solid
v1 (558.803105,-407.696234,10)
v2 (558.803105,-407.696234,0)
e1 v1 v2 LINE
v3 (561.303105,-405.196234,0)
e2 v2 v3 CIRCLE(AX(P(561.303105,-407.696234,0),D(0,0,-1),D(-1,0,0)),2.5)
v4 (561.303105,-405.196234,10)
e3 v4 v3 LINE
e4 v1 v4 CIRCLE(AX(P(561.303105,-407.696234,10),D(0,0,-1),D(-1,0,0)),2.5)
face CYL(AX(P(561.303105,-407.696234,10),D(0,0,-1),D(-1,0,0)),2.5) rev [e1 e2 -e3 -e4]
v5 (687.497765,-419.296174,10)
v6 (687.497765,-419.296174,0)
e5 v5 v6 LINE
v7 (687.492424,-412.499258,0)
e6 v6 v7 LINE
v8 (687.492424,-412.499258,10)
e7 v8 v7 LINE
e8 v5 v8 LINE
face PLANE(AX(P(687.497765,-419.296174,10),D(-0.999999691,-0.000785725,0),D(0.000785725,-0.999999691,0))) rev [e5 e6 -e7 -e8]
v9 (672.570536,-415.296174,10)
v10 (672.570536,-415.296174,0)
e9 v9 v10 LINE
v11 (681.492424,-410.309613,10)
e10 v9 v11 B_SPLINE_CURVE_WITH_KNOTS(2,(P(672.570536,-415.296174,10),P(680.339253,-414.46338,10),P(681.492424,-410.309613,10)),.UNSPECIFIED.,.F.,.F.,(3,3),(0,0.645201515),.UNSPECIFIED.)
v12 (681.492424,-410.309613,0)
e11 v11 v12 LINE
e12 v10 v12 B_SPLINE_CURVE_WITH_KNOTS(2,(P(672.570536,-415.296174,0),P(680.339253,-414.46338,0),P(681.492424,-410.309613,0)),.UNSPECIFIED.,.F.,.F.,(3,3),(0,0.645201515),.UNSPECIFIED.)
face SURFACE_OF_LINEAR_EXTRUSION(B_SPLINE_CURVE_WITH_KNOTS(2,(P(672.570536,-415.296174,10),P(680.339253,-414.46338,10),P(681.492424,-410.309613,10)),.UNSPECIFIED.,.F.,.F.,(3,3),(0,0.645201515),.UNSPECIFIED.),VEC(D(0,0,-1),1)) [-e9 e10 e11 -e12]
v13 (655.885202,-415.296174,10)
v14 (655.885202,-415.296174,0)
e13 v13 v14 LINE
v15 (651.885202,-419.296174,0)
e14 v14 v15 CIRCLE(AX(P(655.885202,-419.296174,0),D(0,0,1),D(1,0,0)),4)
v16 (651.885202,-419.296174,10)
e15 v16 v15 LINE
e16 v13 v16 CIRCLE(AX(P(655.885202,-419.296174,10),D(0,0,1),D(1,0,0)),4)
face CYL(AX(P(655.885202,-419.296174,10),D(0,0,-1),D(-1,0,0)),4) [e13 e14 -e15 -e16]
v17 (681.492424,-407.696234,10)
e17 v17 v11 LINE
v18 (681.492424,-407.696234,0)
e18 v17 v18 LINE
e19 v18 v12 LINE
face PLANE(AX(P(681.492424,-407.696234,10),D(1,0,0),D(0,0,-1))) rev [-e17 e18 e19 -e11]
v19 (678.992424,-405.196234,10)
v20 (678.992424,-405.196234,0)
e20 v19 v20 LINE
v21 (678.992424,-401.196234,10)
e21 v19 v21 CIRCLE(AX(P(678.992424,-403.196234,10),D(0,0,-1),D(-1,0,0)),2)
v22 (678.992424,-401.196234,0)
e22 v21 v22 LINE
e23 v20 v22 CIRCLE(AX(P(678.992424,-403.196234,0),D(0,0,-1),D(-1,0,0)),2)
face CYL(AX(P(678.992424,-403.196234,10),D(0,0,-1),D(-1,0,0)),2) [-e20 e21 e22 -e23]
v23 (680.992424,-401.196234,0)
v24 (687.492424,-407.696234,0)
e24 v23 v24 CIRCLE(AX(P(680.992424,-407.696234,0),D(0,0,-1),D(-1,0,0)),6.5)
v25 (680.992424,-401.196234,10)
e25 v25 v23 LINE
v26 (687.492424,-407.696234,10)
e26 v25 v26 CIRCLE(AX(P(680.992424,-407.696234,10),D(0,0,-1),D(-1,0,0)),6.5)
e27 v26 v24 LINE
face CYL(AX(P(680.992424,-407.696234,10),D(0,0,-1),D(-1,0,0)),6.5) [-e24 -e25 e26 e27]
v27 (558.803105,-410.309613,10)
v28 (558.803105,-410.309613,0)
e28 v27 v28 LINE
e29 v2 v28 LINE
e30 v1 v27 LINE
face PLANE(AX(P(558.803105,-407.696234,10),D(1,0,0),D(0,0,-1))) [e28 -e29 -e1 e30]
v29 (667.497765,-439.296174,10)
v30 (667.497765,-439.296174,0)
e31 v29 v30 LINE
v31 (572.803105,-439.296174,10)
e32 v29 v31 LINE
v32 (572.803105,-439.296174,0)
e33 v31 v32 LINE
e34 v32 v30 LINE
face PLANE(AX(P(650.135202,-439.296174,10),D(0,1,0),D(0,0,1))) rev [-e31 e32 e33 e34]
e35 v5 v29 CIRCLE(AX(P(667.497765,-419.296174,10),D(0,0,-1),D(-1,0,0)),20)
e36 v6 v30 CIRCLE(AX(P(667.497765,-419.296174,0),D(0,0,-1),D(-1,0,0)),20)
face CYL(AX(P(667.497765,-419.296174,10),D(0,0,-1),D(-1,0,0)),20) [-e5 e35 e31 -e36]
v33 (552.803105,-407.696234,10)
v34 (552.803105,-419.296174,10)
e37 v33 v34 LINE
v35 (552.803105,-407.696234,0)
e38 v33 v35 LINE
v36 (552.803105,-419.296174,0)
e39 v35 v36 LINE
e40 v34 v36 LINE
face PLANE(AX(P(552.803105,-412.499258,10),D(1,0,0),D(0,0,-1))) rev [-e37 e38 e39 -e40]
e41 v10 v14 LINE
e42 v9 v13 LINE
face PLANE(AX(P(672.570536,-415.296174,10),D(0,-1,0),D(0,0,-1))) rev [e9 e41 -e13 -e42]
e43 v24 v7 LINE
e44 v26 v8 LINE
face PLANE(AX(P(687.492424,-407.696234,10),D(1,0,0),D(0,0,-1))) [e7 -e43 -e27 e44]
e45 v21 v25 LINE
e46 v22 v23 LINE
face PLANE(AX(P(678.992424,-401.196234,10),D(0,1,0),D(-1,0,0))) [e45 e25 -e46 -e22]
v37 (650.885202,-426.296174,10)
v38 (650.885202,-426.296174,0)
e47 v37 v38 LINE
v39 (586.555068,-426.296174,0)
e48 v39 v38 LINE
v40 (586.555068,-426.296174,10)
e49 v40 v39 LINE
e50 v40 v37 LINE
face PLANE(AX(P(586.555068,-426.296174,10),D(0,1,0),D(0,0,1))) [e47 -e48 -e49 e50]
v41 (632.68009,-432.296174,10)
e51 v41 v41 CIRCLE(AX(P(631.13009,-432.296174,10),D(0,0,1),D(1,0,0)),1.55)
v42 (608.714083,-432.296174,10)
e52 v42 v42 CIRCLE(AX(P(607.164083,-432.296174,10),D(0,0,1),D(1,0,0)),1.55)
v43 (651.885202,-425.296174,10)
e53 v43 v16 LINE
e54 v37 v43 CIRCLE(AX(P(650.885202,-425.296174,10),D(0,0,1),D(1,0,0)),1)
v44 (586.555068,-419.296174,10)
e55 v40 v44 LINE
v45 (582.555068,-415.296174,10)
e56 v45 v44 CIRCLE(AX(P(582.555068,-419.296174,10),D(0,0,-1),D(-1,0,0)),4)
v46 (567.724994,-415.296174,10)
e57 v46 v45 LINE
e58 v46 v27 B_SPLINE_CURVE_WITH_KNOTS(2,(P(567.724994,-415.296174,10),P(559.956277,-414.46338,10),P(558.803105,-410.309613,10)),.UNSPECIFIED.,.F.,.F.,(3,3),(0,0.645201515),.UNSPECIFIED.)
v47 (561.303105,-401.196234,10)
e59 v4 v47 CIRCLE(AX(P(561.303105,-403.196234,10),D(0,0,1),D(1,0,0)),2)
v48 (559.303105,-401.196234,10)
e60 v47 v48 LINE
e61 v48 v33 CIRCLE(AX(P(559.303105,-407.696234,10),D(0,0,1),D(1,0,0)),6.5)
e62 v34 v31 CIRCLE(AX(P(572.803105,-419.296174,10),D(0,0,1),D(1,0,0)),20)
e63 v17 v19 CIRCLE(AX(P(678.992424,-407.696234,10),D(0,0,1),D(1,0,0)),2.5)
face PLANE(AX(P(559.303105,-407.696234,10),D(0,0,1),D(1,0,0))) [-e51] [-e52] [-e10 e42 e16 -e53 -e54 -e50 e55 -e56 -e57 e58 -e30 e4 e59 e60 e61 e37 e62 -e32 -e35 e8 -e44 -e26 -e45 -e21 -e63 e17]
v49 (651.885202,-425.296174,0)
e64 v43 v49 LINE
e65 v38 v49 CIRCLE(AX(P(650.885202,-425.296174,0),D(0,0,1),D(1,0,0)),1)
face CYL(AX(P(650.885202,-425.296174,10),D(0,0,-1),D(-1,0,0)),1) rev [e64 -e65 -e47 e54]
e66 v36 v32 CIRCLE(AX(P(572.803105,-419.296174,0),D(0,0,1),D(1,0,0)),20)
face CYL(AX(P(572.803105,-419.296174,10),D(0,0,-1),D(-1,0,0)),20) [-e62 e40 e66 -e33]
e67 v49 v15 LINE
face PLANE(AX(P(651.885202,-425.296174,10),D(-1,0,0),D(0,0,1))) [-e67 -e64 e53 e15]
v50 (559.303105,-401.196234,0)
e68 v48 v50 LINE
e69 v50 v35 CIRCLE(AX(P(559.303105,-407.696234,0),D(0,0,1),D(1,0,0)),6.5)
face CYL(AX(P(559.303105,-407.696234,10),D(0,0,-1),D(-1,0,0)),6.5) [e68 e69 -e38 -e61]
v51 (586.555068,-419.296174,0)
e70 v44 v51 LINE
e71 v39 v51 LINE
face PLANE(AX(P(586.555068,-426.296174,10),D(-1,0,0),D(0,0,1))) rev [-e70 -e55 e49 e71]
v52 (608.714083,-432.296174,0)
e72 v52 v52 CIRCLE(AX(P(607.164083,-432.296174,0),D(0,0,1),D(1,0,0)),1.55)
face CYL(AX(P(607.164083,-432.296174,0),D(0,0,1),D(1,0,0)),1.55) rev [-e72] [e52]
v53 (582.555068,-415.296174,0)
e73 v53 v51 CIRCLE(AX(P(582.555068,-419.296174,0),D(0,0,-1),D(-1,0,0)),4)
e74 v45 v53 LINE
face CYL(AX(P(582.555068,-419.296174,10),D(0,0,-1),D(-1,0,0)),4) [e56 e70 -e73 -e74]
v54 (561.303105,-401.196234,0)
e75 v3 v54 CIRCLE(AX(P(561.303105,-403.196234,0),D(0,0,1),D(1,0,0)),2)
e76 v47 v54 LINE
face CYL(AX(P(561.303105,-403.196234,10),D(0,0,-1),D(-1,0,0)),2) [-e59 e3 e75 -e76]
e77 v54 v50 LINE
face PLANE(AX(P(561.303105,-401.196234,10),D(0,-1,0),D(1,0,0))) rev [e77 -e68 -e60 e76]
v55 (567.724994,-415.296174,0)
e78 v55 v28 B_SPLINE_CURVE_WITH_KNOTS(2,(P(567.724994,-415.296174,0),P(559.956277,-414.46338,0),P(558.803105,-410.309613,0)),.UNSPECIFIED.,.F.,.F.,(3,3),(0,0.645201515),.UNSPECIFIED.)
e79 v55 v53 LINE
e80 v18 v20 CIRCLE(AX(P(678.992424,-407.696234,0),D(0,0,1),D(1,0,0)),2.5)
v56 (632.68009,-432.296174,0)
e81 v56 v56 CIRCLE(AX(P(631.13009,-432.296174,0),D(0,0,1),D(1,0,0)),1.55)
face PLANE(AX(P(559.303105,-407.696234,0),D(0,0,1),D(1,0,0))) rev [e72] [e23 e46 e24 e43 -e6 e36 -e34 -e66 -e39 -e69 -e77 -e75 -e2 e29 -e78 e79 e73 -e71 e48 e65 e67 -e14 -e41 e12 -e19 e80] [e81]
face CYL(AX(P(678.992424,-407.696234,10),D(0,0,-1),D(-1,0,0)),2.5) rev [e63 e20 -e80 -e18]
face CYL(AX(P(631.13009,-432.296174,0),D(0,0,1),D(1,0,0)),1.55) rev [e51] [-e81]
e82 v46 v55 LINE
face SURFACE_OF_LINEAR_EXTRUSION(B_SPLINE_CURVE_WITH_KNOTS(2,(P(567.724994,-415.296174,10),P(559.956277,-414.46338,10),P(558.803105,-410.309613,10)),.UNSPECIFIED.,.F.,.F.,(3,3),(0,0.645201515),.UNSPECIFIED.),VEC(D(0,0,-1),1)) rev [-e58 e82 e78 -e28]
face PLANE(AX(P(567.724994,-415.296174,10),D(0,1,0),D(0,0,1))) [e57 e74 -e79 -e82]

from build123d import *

# Parameters (mm, degrees)
DODANIE_WYCI_GNI_CIE1_DEPTH = 10
SZKIC2_R                    = 1.55
WYTNIJ_WYCI_GNI_CIE1_DEPTH  = 10


with BuildPart() as part:
    # Szkic1 → Dodanie-wyciągnięcie1 (new body)
    with BuildSketch(Plane.XY):
        with BuildLine():
            Line((650.135201584, -439.296174139), (667.497764869, -439.296174139))
            ThreePointArc((667.497764869, -439.296174139), (681.639900492, -433.438309763), (687.497764869, -419.296174139))
            Line((687.497764869, -419.296174139), (687.49242436, -412.499258381))
            Line((687.49242436, -412.499258381), (687.49242436, -407.696233576))
            ThreePointArc((687.49242436, -407.696233576), (685.588618438, -403.100039498), (680.99242436, -401.196233576))
            Line((680.99242436, -401.196233576), (678.99242436, -401.196233576))
            ThreePointArc((678.99242436, -401.196233576), (676.99242436, -403.196233576), (678.99242436, -405.196233576))
            ThreePointArc((678.99242436, -405.196233576), (680.760191313, -405.928466623), (681.49242436, -407.696233576))
            Line((681.49242436, -407.696233576), (681.49242436, -410.309613134))
            add(Edge.make_bspline(
                [(672.570535689, -415.296173961), (680.339252513, -414.463379514), (681.49242436, -410.309613134)],
                knots=[0, 0, 0, 0.645201515, 0.645201515, 0.645201515], degree=2))
            Line((672.570535689, -415.296173961), (655.885201584, -415.296173961))
            ThreePointArc((655.885201584, -415.296173961), (653.056774459, -416.467746836), (651.885201584, -419.296173961))
            Line((651.885201584, -419.296173961), (651.885201584, -425.296174139))
            ThreePointArc((651.885201584, -425.296174139), (651.592308365, -426.00328092), (650.885201584, -426.296174139))
            Line((650.885201584, -426.296174139), (647.885201584, -426.296174139))
            Line((647.885201584, -426.296174139), (586.55506807, -426.296174139))
            Line((586.55506807, -426.296174139), (586.55506807, -419.296173961))
            ThreePointArc((586.55506807, -419.296173961), (585.383495195, -416.467746836), (582.55506807, -415.296173961))
            Line((582.55506807, -415.296173961), (567.724994048, -415.296173961))
            add(Edge.make_bspline(
                [(567.724994048, -415.296173961), (559.956277225, -414.463379514), (558.803105378, -410.309613134)],
                knots=[0, 0, 0, 0.645201515, 0.645201515, 0.645201515], degree=2))
            Line((558.803105378, -410.309613134), (558.803105378, -407.696233576))
            ThreePointArc((558.803105378, -407.696233576), (559.535338425, -405.928466623), (561.303105378, -405.196233576))
            ThreePointArc((561.303105378, -405.196233576), (563.303105378, -403.196233576), (561.303105378, -401.196233576))
            Line((561.303105378, -401.196233576), (559.303105378, -401.196233576))
            ThreePointArc((559.303105378, -401.196233576), (554.7069113, -403.100039498), (552.803105378, -407.696233576))
            Line((552.803105378, -407.696233576), (552.803105378, -412.499258381))
            Line((552.803105378, -412.499258381), (552.803105378, -419.296174139))
            ThreePointArc((552.803105378, -419.296174139), (558.660969754, -433.438309763), (572.803105378, -439.296174139))
            Line((572.803105378, -439.296174139), (588.30506807, -439.296174139))
            Line((588.30506807, -439.296174139), (650.135201584, -439.296174139))
        make_face()
    extrude(amount=DODANIE_WYCI_GNI_CIE1_DEPTH)

    # Szkic2 → Wytnij-wyciągnięcie1 (cut)
    with BuildSketch(Plane.XY.offset(10)):
        with Locations((631.130089997, -432.296174368)):
            Circle(SZKIC2_R)
        with Locations((607.164083377, -432.296174368)):
            Circle(SZKIC2_R)
    extrude(amount=-WYTNIJ_WYCI_GNI_CIE1_DEPTH, mode=Mode.SUBTRACT)


solid = part.part
